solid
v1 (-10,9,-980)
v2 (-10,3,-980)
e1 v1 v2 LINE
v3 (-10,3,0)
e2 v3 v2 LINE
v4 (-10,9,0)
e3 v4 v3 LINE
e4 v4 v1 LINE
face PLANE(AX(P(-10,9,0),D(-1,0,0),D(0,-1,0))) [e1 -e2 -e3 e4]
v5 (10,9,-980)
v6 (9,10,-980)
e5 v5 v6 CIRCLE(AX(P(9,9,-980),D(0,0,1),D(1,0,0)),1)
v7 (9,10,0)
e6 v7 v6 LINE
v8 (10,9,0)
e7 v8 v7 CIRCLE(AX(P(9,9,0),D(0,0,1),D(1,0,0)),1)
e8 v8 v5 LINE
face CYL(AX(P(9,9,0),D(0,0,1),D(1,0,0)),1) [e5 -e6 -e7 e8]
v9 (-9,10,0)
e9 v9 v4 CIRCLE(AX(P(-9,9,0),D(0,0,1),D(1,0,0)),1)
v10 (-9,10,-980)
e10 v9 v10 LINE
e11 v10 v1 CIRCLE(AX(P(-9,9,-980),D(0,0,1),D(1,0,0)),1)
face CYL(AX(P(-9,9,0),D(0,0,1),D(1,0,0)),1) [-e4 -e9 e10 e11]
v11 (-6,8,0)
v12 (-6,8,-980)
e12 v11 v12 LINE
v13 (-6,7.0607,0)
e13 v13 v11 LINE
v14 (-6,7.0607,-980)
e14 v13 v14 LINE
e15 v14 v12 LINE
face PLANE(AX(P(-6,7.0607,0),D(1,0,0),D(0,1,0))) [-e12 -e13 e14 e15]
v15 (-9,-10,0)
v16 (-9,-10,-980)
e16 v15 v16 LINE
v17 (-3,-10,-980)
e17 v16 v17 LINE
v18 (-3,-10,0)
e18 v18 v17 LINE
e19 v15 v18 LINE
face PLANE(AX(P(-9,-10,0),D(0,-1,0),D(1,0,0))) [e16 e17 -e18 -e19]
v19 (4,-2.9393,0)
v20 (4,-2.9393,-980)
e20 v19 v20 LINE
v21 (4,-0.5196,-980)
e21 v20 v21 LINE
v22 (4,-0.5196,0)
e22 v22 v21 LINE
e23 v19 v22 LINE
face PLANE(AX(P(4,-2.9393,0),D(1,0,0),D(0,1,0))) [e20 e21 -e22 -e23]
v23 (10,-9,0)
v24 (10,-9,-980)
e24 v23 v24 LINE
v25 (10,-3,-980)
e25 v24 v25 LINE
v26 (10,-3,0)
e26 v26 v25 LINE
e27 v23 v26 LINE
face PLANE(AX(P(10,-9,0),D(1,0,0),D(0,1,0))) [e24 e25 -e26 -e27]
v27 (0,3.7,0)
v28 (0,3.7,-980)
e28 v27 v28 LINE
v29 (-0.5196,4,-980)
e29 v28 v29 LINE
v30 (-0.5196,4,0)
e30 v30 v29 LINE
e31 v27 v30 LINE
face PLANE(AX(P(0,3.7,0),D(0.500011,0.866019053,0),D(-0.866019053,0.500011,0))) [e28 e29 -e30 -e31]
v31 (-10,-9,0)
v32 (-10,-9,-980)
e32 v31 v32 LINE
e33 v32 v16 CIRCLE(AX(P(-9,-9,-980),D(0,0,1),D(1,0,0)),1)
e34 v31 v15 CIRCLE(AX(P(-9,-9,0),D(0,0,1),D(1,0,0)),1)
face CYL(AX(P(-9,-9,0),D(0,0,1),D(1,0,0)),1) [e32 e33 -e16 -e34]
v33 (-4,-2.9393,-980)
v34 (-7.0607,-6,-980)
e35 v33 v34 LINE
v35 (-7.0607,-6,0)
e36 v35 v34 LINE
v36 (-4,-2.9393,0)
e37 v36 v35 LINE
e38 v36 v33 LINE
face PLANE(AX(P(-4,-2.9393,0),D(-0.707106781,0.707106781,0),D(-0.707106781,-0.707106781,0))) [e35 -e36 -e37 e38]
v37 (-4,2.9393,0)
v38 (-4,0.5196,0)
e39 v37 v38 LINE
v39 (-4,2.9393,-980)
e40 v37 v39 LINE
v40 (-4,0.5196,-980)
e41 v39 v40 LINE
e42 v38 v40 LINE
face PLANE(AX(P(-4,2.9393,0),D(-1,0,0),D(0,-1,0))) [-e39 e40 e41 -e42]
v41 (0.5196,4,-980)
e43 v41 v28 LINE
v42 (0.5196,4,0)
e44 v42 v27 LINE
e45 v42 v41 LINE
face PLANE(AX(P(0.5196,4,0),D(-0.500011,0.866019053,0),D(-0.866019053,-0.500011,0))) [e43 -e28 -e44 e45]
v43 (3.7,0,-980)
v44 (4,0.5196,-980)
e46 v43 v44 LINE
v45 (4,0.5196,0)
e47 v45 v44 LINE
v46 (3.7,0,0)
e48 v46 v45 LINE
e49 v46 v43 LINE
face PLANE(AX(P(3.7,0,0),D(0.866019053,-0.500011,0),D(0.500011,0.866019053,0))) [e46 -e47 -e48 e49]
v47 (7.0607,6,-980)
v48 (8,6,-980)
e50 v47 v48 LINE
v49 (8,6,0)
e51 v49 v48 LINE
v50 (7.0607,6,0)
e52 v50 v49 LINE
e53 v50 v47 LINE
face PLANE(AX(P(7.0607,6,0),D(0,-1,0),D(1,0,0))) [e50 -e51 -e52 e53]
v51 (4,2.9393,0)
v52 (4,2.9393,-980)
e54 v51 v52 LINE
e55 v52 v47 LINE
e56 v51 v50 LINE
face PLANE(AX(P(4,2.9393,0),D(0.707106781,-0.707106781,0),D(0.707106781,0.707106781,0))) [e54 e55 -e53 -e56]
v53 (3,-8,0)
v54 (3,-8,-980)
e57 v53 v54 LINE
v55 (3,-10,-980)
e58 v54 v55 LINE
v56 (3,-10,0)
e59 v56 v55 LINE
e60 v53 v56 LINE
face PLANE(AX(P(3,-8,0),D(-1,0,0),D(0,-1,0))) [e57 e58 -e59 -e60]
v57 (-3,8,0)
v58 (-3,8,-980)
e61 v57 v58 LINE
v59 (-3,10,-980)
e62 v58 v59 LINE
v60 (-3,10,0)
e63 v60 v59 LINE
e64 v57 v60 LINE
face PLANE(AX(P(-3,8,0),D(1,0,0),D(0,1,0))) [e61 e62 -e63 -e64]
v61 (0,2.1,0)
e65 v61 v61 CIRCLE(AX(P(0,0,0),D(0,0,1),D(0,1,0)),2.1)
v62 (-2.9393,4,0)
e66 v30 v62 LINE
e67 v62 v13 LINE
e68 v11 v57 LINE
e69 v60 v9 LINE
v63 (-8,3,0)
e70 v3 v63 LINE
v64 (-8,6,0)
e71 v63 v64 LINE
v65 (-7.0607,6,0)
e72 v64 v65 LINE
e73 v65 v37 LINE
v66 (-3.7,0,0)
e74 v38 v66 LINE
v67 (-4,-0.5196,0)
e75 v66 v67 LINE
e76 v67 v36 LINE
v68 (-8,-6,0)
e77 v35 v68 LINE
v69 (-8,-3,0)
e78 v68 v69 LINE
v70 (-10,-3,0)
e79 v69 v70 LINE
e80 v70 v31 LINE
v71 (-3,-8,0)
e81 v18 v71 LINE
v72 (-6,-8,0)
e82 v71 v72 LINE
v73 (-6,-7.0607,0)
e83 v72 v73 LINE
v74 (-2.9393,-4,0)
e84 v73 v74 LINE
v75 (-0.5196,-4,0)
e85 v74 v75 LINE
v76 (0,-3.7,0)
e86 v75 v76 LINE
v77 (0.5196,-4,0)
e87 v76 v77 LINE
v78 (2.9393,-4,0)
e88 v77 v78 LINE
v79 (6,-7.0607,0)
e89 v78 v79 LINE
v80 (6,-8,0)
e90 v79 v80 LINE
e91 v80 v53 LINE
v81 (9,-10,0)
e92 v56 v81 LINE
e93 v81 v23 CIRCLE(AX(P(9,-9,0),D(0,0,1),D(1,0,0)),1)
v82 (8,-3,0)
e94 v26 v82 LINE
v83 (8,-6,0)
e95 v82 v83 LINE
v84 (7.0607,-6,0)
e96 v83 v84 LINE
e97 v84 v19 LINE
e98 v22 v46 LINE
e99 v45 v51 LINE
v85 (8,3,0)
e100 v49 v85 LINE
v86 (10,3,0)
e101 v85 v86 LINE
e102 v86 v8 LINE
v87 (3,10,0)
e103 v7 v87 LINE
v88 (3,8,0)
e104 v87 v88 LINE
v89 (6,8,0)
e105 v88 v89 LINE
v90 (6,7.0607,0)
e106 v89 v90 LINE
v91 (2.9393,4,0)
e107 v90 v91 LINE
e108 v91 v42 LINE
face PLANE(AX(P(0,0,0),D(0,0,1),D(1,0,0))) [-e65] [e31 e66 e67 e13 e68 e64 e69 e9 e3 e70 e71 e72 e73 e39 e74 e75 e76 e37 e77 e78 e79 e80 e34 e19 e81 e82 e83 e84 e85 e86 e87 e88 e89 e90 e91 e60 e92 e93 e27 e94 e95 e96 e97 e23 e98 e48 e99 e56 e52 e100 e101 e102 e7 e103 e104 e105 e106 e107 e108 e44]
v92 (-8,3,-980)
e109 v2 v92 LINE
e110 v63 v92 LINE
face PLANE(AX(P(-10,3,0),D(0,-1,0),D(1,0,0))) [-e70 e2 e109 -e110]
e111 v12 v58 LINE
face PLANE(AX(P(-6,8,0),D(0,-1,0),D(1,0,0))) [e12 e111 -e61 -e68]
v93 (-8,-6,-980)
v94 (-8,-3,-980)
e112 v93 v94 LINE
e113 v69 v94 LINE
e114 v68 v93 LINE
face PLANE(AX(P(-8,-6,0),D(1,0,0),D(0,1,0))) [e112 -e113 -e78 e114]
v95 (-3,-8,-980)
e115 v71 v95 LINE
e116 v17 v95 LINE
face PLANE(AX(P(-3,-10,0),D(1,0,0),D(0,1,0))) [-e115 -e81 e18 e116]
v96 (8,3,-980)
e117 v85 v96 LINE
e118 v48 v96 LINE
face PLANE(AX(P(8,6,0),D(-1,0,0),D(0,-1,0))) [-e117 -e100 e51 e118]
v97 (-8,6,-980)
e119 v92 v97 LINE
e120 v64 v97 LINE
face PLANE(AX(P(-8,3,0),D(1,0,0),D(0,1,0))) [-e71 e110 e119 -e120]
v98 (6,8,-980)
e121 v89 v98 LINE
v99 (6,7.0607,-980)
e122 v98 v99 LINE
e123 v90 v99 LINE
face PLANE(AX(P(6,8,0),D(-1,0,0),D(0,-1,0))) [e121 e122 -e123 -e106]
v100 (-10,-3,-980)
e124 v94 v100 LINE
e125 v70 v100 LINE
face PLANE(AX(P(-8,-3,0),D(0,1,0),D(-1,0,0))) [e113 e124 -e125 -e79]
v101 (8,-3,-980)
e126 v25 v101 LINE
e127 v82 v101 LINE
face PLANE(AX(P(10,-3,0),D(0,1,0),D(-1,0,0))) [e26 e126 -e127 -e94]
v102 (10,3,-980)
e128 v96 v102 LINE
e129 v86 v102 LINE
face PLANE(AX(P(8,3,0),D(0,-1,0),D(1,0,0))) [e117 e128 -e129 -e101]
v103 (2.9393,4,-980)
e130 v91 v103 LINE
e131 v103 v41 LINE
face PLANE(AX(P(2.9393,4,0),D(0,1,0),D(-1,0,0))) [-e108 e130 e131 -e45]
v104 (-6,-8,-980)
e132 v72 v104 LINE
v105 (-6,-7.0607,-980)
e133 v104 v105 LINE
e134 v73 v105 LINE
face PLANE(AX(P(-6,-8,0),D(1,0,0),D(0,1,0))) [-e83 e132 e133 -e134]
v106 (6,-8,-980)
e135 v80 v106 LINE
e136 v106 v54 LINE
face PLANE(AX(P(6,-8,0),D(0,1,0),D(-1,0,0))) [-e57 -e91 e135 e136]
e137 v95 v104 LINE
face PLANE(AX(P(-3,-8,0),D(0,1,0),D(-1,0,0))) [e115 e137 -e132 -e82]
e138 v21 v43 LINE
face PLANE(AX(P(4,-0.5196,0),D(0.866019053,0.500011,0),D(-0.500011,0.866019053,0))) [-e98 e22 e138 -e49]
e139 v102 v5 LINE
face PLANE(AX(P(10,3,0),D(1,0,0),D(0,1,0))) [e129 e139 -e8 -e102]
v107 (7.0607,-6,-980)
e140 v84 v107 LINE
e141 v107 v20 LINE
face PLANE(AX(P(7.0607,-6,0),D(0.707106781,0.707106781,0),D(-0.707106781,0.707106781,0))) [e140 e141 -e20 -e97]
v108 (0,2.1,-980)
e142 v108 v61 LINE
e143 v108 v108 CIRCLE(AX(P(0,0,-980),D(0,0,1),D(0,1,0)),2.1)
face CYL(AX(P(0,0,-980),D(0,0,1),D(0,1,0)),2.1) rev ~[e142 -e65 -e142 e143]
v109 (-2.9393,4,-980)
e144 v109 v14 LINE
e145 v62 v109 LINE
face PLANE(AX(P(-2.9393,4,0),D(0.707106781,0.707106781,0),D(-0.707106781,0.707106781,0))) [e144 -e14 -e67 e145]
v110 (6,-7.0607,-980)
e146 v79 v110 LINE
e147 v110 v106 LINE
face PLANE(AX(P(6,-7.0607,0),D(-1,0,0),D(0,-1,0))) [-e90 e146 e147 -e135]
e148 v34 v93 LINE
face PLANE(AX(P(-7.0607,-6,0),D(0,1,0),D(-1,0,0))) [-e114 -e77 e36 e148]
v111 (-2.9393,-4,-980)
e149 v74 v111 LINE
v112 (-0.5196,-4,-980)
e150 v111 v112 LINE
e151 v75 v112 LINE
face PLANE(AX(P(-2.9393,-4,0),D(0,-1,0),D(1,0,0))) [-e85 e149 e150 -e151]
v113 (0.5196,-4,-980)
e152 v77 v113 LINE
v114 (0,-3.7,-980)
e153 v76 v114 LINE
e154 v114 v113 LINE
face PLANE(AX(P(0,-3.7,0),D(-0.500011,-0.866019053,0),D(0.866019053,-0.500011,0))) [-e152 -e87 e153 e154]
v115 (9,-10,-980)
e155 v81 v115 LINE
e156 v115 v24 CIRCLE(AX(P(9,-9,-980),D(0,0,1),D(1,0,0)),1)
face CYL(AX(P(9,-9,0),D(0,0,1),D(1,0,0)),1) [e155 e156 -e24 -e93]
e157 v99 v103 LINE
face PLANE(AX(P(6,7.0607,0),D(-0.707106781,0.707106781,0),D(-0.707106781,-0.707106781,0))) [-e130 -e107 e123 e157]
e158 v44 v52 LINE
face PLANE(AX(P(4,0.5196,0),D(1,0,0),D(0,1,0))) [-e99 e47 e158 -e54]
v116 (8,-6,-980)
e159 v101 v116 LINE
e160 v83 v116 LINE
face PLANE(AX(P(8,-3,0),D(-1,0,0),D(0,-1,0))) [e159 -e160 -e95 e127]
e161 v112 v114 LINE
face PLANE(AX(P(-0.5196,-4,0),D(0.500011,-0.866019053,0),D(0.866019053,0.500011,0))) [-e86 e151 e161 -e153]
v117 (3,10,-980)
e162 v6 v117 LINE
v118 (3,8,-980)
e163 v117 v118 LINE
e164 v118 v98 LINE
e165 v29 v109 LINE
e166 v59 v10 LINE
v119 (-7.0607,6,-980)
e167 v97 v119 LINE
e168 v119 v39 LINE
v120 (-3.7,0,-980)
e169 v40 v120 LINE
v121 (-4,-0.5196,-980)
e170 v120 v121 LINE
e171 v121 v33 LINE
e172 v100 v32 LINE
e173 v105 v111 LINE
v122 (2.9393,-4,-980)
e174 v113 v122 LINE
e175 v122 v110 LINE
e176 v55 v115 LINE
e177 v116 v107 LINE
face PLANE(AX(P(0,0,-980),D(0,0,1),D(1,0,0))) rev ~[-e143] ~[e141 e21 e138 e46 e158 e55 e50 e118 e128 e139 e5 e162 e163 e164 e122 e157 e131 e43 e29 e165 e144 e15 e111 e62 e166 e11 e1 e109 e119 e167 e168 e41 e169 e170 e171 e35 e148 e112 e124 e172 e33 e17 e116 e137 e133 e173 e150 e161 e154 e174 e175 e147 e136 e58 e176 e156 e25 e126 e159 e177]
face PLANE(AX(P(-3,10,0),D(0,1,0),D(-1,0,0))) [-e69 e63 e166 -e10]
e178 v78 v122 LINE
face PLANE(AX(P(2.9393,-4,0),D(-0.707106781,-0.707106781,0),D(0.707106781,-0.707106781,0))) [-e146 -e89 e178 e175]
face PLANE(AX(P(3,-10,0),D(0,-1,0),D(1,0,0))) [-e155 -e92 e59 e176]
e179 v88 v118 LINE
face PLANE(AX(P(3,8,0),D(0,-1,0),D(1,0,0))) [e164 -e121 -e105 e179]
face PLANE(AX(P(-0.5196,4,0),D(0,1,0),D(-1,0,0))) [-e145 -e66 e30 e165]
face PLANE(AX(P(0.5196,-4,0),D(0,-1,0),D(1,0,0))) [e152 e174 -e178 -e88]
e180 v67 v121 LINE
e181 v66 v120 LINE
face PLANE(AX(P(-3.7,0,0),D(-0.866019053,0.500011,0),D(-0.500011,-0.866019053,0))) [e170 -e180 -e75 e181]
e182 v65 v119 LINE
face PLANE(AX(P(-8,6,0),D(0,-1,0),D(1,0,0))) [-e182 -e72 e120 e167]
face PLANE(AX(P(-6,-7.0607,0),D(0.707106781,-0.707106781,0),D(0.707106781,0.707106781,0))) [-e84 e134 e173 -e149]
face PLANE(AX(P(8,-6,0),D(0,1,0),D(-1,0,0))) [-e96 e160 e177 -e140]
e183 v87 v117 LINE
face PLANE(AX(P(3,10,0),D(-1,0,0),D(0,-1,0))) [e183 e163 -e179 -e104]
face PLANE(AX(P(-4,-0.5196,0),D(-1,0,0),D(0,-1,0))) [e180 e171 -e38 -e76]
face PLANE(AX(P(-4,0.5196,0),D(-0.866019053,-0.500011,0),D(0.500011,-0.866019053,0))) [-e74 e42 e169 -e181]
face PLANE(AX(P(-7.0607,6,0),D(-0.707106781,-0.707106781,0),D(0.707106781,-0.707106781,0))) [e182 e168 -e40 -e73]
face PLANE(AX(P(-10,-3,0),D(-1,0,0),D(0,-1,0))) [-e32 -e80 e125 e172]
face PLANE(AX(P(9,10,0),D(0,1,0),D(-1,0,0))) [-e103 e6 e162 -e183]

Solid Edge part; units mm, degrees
sketch "Sketch1" plane through (0, 0, 0) normal (0, 0, 1) x (1, 0, 0)
  line L0 (-10, -3) -> (-10, -9)
  arc A0 (-10, -9) -> (-9, -10) centre (-9, -9) ccw
  line L1 (-9, -10) -> (-3, -10)
  line L2 (-3, -10) -> (-3, -8)
  line L3 (-3, -8) -> (-6, -8)
  line L4 (-6, -8) -> (-6, -7.0607)
  line L5 (-6, -7.0607) -> (-2.9393, -4)
  line L6 (-2.9393, -4) -> (-0.5196, -4)
  line L7 (-0.5196, -4) -> (0, -3.7)
  line L8 (0, -3.7) -> (0.5196, -4)
  line L9 (0.5196, -4) -> (2.9393, -4)
  line L10 (2.9393, -4) -> (6, -7.0607)
  line L11 (6, -7.0607) -> (6, -8)
  line L12 (6, -8) -> (3, -8)
  line L13 (3, -8) -> (3, -10)
  line L14 (3, -10) -> (9, -10)
  arc A1 (9, -10) -> (10, -9) centre (9, -9) ccw
  line L15 (10, -9) -> (10, -3)
  line L16 (10, -3) -> (8, -3)
  line L17 (8, -3) -> (8, -6)
  line L18 (8, -6) -> (7.0607, -6)
  line L19 (7.0607, -6) -> (4, -2.9393)
  line L20 (4, -2.9393) -> (4, -0.5196)
  line L21 (4, -0.5196) -> (3.7, 0)
  line L22 (3.7, 0) -> (4, 0.5196)
  line L23 (4, 0.5196) -> (4, 2.9393)
  line L24 (4, 2.9393) -> (7.0607, 6)
  line L25 (7.0607, 6) -> (8, 6)
  line L26 (8, 6) -> (8, 3)
  line L27 (8, 3) -> (10, 3)
  line L28 (10, 3) -> (10, 9)
  arc A2 (10, 9) -> (9, 10) centre (9, 9) ccw
  line L29 (9, 10) -> (3, 10)
  line L30 (3, 10) -> (3, 8)
  line L31 (3, 8) -> (6, 8)
  line L32 (6, 8) -> (6, 7.0607)
  line L33 (6, 7.0607) -> (2.9393, 4)
  line L34 (2.9393, 4) -> (0.5196, 4)
  line L35 (0.5196, 4) -> (0, 3.7)
  line L36 (0, 3.7) -> (-0.5196, 4)
  line L37 (-0.5196, 4) -> (-2.9393, 4)
  line L38 (-2.9393, 4) -> (-6, 7.0607)
  line L39 (-6, 7.0607) -> (-6, 8)
  line L40 (-6, 8) -> (-3, 8)
  line L41 (-3, 8) -> (-3, 10)
  line L42 (-3, 10) -> (-9, 10)
  arc A3 (-9, 10) -> (-10, 9) centre (-9, 9) ccw
  line L43 (-10, 9) -> (-10, 3)
  line L44 (-10, 3) -> (-8, 3)
  line L45 (-8, 3) -> (-8, 6)
  line L46 (-8, 6) -> (-7.0607, 6)
  line L47 (-7.0607, 6) -> (-4, 2.9393)
  line L48 (-4, 2.9393) -> (-4, 0.5196)
  line L49 (-4, 0.5196) -> (-3.7, 0)
  line L50 (-3.7, 0) -> (-4, -0.5196)
  line L51 (-4, -0.5196) -> (-4, -2.9393)
  line L52 (-4, -2.9393) -> (-7.0607, -6)
  line L53 (-7.0607, -6) -> (-8, -6)
  line L54 (-8, -6) -> (-8, -3)
  line L55 (-8, -3) -> (-10, -3)
extrude "Protrusion1" add sketch "Sketch1" against normal blind 980
hole "Bohrung_1" at (0, 0, -980) direction (0, 0, 1) diameter 4.2 depth 980
properties part number "HFS5-2020-980"
